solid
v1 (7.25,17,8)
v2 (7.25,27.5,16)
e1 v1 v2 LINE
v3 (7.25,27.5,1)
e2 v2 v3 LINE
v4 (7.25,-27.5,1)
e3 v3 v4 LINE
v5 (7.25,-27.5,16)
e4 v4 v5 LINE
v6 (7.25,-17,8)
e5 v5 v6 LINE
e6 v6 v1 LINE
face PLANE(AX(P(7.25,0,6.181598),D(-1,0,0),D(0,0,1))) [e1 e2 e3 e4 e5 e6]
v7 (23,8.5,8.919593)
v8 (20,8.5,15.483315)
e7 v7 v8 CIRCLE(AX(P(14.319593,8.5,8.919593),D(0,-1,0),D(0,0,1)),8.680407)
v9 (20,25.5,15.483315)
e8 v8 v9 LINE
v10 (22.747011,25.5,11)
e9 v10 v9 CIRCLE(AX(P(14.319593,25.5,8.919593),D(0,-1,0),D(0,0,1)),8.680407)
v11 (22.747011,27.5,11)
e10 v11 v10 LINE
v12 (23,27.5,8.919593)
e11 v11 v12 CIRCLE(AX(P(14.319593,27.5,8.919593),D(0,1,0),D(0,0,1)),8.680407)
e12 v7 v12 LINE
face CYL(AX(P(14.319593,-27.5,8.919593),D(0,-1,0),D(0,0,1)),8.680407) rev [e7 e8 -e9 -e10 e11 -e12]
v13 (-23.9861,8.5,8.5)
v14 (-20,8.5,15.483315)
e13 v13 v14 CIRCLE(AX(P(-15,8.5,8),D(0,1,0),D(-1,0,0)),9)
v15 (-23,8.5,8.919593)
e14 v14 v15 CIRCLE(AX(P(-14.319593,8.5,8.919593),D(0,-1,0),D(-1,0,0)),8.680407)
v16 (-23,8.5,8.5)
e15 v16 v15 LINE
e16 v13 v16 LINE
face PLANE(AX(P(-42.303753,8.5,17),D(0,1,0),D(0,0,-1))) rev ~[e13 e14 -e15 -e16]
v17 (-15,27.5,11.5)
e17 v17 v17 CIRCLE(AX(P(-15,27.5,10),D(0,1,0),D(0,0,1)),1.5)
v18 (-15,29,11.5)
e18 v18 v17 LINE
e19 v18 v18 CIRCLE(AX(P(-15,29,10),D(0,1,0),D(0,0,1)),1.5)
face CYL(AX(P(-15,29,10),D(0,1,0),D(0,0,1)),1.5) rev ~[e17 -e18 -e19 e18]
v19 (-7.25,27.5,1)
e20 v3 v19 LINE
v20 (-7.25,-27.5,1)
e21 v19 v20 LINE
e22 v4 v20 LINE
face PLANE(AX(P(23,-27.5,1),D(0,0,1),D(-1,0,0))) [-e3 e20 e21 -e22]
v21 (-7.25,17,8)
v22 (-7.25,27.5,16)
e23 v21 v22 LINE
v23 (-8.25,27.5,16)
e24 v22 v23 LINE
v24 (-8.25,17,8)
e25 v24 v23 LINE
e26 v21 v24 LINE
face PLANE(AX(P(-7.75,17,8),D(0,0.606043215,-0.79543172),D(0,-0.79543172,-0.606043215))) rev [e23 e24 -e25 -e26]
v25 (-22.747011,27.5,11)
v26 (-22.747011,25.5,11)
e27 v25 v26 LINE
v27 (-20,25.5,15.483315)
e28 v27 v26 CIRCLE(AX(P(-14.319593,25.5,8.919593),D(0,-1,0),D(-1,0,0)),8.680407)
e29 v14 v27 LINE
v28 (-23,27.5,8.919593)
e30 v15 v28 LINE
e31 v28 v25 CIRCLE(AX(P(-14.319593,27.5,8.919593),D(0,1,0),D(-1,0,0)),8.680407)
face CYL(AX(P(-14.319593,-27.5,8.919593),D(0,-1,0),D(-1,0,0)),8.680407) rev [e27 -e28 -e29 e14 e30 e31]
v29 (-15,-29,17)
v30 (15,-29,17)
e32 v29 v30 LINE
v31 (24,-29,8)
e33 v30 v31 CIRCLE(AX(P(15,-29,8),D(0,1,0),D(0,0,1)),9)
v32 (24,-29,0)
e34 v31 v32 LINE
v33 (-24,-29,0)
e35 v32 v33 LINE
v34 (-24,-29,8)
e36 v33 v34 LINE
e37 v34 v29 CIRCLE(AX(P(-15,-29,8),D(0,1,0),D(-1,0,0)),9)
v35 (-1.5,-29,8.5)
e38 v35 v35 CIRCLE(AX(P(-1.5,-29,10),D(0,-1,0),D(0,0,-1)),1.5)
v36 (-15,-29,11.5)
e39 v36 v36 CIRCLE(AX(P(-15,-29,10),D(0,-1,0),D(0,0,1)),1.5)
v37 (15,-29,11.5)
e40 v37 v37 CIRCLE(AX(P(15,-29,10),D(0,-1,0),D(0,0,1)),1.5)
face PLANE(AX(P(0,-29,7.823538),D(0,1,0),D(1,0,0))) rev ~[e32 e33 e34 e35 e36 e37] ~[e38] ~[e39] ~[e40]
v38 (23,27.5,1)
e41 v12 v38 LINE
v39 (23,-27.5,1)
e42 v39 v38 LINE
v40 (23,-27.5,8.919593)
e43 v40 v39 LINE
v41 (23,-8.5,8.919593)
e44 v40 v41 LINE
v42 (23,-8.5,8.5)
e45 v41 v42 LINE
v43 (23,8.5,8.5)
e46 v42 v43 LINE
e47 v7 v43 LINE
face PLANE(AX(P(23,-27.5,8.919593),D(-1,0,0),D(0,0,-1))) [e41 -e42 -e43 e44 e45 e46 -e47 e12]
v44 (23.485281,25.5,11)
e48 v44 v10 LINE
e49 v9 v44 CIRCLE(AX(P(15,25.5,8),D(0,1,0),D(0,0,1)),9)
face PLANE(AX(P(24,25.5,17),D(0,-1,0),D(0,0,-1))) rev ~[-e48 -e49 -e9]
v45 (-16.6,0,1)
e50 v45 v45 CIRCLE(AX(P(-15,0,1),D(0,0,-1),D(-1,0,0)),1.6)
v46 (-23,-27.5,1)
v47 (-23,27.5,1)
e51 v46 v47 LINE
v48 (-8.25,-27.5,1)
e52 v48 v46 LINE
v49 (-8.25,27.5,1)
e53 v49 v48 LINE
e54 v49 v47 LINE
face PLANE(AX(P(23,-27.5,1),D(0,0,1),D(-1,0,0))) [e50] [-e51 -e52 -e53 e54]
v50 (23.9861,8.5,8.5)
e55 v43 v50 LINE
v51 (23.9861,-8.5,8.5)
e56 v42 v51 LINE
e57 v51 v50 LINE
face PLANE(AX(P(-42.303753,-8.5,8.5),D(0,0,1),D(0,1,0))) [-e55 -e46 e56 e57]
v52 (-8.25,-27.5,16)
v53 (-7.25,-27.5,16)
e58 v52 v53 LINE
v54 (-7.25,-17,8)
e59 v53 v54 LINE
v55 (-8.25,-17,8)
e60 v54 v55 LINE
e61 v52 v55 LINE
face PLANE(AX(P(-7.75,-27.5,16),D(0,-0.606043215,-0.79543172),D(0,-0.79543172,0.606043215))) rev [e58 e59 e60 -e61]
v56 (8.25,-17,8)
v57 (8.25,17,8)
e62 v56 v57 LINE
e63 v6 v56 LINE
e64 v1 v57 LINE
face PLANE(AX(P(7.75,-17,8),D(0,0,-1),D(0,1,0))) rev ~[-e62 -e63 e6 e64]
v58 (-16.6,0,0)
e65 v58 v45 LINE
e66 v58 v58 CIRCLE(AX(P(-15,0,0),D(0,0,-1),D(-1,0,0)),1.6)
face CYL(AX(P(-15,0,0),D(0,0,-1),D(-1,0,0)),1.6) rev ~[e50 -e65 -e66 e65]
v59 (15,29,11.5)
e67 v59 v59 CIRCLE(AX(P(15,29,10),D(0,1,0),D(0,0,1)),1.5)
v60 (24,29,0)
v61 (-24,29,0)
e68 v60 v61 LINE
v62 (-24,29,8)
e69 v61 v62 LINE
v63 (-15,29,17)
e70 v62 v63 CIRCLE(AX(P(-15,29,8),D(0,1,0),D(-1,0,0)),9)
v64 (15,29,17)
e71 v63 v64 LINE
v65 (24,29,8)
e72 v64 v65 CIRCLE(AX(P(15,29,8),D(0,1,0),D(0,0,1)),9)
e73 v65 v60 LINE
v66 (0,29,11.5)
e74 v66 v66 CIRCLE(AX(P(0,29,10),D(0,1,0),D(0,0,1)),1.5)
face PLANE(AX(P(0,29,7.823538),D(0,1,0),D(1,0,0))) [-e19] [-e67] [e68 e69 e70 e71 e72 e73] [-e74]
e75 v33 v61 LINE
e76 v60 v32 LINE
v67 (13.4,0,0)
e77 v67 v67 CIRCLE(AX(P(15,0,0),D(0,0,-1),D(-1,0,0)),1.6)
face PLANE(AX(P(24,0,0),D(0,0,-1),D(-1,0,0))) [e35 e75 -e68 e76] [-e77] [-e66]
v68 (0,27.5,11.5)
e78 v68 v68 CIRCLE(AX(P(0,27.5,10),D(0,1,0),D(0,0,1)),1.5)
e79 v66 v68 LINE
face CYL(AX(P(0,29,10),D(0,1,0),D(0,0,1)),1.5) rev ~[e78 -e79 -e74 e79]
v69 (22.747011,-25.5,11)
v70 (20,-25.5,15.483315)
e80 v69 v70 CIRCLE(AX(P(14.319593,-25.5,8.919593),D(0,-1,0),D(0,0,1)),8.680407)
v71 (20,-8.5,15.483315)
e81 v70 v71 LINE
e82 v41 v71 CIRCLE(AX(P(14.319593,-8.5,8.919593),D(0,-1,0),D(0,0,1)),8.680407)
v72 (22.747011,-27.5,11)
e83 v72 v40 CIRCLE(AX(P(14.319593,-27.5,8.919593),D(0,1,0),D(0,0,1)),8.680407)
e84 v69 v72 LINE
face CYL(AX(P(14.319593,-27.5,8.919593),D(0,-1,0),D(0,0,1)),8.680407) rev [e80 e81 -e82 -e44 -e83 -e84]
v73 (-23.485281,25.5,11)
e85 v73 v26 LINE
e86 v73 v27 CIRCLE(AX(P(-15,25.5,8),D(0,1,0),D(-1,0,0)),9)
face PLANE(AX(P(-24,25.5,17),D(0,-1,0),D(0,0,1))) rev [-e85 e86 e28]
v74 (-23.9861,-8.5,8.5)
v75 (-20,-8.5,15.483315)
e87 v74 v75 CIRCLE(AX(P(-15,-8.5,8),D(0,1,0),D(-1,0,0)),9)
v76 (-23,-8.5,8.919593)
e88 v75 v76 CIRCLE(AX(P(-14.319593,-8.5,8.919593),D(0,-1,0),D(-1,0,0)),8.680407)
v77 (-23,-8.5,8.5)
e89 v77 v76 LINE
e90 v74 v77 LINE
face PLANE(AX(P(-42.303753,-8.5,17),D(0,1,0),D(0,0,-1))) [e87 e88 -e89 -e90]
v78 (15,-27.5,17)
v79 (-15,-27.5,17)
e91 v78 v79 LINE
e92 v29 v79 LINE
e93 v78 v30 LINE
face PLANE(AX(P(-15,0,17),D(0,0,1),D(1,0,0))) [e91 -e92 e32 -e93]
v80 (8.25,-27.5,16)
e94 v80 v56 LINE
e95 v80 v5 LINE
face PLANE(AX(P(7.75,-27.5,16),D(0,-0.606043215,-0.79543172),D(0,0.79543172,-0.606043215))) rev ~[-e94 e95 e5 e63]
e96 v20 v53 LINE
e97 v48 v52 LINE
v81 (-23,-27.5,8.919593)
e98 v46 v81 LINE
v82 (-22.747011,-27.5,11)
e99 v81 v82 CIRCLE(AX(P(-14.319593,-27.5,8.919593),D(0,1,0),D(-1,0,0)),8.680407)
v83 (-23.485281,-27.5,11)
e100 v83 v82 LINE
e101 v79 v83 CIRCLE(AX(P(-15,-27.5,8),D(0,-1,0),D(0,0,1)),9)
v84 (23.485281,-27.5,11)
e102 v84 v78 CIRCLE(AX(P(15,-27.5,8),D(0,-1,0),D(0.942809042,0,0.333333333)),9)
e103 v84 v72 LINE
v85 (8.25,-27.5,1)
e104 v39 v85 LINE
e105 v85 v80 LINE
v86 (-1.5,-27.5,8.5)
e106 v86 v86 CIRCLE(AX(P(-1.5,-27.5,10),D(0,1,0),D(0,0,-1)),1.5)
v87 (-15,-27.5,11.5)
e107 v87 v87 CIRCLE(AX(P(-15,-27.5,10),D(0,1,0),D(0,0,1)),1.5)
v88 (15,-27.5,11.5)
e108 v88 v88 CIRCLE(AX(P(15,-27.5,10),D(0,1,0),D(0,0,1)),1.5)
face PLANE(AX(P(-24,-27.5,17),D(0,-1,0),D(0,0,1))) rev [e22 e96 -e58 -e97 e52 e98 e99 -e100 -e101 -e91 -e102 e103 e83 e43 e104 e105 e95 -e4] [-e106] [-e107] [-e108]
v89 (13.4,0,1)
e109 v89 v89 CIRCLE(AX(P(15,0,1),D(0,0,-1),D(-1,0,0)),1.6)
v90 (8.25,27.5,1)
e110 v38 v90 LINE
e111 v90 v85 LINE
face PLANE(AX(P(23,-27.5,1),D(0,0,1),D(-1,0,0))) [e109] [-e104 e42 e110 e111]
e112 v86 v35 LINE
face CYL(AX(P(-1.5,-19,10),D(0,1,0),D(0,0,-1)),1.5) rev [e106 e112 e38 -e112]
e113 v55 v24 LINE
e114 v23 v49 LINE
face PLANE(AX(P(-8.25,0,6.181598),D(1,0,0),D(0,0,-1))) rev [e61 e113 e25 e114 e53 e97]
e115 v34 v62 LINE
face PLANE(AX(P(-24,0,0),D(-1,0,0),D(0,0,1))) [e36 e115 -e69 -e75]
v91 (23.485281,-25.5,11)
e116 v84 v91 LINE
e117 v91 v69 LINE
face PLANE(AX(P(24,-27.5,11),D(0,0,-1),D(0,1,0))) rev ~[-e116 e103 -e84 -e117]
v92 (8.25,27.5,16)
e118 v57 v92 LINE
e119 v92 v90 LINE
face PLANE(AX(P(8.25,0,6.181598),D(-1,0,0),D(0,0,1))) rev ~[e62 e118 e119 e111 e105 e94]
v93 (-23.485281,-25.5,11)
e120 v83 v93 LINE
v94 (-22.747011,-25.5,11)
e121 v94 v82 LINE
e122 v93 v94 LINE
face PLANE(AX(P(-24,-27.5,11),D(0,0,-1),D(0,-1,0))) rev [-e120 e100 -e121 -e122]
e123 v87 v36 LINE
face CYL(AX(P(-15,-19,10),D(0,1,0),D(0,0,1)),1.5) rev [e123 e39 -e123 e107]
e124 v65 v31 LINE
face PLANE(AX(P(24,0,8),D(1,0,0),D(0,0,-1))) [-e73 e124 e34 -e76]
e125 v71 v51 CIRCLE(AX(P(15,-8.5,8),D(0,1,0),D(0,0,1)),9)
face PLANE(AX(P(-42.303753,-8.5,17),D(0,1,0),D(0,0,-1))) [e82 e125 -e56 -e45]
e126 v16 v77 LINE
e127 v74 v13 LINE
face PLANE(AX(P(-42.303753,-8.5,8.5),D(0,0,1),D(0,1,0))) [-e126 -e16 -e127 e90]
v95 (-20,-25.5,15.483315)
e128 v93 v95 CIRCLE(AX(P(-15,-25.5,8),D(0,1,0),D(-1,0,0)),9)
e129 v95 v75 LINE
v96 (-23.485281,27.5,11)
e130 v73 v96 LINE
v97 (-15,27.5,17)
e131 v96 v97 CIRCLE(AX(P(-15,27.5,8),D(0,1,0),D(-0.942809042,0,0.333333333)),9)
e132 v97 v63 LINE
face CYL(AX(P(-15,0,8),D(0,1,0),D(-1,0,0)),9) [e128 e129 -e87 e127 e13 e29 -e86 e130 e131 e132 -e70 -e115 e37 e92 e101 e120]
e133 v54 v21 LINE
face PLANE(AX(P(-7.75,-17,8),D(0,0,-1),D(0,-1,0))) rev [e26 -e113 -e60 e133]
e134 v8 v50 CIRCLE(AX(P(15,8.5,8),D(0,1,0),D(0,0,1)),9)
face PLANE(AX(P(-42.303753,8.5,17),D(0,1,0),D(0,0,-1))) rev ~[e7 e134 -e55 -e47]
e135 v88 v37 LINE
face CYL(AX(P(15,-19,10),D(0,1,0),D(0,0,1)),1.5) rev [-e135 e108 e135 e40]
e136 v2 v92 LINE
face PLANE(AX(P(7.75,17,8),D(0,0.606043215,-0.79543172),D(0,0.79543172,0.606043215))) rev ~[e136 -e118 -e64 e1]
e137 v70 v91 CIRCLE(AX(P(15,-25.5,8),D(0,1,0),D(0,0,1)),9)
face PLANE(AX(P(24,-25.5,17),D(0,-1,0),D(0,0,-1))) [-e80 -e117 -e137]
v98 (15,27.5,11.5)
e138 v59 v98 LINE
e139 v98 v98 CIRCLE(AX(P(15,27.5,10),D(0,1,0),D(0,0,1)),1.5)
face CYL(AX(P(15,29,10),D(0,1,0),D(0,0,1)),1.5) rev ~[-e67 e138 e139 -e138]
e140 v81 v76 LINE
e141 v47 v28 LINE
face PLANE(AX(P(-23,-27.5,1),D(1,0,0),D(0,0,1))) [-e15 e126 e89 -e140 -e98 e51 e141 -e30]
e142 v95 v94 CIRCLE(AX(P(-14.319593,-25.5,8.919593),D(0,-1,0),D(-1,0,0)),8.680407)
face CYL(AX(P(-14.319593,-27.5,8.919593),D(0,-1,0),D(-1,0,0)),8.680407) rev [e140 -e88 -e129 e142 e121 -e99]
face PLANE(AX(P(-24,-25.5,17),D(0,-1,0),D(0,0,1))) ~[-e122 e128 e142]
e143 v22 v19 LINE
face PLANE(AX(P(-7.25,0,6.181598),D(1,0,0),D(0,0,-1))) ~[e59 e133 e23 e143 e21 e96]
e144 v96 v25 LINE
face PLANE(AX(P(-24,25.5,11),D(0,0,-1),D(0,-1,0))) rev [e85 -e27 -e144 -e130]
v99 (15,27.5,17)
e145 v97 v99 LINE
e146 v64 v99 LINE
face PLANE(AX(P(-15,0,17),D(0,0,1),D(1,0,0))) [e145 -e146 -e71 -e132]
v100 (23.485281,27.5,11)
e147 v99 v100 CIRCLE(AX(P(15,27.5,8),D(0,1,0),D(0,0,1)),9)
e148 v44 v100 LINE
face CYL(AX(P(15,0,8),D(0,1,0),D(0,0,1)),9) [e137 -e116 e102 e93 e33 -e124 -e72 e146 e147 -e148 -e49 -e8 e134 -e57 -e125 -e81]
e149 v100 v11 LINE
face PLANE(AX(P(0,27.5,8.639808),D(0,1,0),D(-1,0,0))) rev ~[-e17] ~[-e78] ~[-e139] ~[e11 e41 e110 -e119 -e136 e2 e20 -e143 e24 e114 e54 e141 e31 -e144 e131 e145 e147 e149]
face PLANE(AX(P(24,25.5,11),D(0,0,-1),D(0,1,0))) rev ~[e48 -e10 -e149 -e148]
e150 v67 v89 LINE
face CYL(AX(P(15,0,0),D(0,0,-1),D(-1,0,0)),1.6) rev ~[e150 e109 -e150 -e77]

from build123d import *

# Parameters (mm, degrees)
BOSS_EXTRUDE1_DEPTH     = 29
CUT_EXTRUDE1_START      = -1.5
CUT_EXTRUDE1_DEPTH      = 55
BOSS_EXTRUDE2_DEPTH     = 0.5
CUT_EXTRUDE2_DEPTH      = 42.303752856
CUT_EXTRUDE2_DEPTH_BACK = 42.303752856
SKETCH5_W               = 8.5
SKETCH5_H               = 17
SKETCH6_W               = 6
SKETCH6_H               = 2
CUT_EXTRUDE3_DEPTH      = 10
SKETCH7_R               = 1.5
CUT_EXTRUDE4_DEPTH      = 10
CUT_EXTRUDE5_START      = -10
SKETCH8_R               = 1.5
CUT_EXTRUDE5_DEPTH      = 10
SKETCH9_R               = 1.6
CUT_EXTRUDE6_DEPTH      = 42.303752856


with BuildPart() as part:
    # Sketch2 → Boss-Extrude1 (new, symmetric)
    with BuildSketch(Plane(origin=(0, 0, 0), x_dir=(1, 0, 0), z_dir=(0, 1, 0))):
        with BuildLine():
            Line((24, 0), (-24, 0))
            Line((-24, 0), (-24, -8))
            ThreePointArc((-24, -8), (-21.363961031, -14.363961031), (-15, -17))
            Line((-15, -17), (15, -17))
            ThreePointArc((15, -17), (21.363961031, -14.363961031), (24, -8))
            Line((24, -8), (24, 0))
        make_face()
    extrude(amount=BOSS_EXTRUDE1_DEPTH, both=True)

    # Sketch3 → Cut-Extrude1 (cut)
    with BuildSketch(Plane.XZ.offset(29).offset(CUT_EXTRUDE1_START)):
        with BuildLine():
            Line((-14.319593213, 17.6), (14.319593213, 17.6))
            ThreePointArc((14.319593213, 17.6), (20.457567716, 15.057567716), (23, 8.919593213))
            Line((23, 8.919593213), (23, 1))
            Line((23, 1), (-23, 1))
            Line((-23, 1), (-23, 8.919593213))
            ThreePointArc((-23, 8.919593213), (-20.457567716, 15.057567716), (-14.319593213, 17.6))
        make_face()
    extrude(amount=-CUT_EXTRUDE1_DEPTH, mode=Mode.SUBTRACT)

    # Sketch4 → Boss-Extrude2 (add, symmetric)
    with BuildSketch(Plane(origin=(7.75, 0, 0), x_dir=(0, 0, -1), z_dir=(1, 0, 0))):
        Polygon((-16, 27.5), (-1, 27.5), (-1, -27.5), (-16, -27.5), (-8, -17), (-8, 17), align=None)
    boss_extrude2 = extrude(amount=BOSS_EXTRUDE2_DEPTH, both=True)

    # Mirror1: Boss-Extrude2 across plane
    add(boss_extrude2.mirror(Plane(origin=(0, 0, 0), x_dir=(0, 0, 1), z_dir=(1, 0, 0))))

    # Sketch5 → Cut-Extrude2 (cut, two sides: drawn at the far end of the back side and taken through both)
    with BuildSketch(Plane(origin=(0, 0, 0), x_dir=(0, 0, -1), z_dir=(1, 0, 0)).offset(-CUT_EXTRUDE2_DEPTH_BACK)):
        with Locations((-12.75, 0)):
            Rectangle(SKETCH5_W, SKETCH5_H)
    extrude(amount=CUT_EXTRUDE2_DEPTH + CUT_EXTRUDE2_DEPTH_BACK, mode=Mode.SUBTRACT)

    # Sketch6 → Cut-Extrude3 (cut)
    with BuildSketch(Plane(origin=(24, 0, 0), x_dir=(0, 0, -1), z_dir=(1, 0, 0))):
        with Locations((-14, 26.5)):
            Rectangle(SKETCH6_W, SKETCH6_H)
        with Locations((-14, -26.5)):
            Rectangle(SKETCH6_W, SKETCH6_H)
    cut_extrude3 = extrude(amount=-CUT_EXTRUDE3_DEPTH, mode=Mode.SUBTRACT)

    # Mirror2: Cut-Extrude3 across plane
    add(cut_extrude3.mirror(Plane(origin=(0, 0, 0), x_dir=(0, 0, 1), z_dir=(1, 0, 0))), mode=Mode.SUBTRACT)

    # Sketch7 → Cut-Extrude4 (cut)
    with BuildSketch(Plane(origin=(0, 29, 0), x_dir=(1, 0, 0), z_dir=(0, 1, 0))):
        with Locations(Location((-15, -10, 0), (0, 0, 270))):
            Circle(SKETCH7_R)
        with Locations(Location((0, -10, 0), (0, 0, 270))):
            Circle(SKETCH7_R)
        with Locations(Location((15, -10, 0), (0, 0, 270))):
            Circle(SKETCH7_R)
    extrude(amount=-CUT_EXTRUDE4_DEPTH, mode=Mode.SUBTRACT)

    # Sketch8 → Cut-Extrude5 (cut)
    with BuildSketch(Plane.XZ.offset(29).offset(CUT_EXTRUDE5_START)):
        with Locations(Location((-15, 10, 0), (0, 0, 90))):
            Circle(SKETCH8_R)
        with Locations(Location((15, 10, 0), (0, 0, 90))):
            Circle(SKETCH8_R)
        with Locations(Location((-1.5, 10, 0), (0, 0, 270))):
            Circle(SKETCH8_R)
    extrude(amount=CUT_EXTRUDE5_DEPTH, mode=Mode.SUBTRACT)

    # Sketch9 → Cut-Extrude6 (cut, through all)
    with BuildSketch(Plane(origin=(0, 0, 0), x_dir=(-1, 0, 0), z_dir=(0, 0, -1))):
        with Locations((-15, 0)):
            Circle(SKETCH9_R)
        with Locations((15, 0)):
            Circle(SKETCH9_R)
    extrude(amount=-CUT_EXTRUDE6_DEPTH, mode=Mode.SUBTRACT)


solid = part.part
